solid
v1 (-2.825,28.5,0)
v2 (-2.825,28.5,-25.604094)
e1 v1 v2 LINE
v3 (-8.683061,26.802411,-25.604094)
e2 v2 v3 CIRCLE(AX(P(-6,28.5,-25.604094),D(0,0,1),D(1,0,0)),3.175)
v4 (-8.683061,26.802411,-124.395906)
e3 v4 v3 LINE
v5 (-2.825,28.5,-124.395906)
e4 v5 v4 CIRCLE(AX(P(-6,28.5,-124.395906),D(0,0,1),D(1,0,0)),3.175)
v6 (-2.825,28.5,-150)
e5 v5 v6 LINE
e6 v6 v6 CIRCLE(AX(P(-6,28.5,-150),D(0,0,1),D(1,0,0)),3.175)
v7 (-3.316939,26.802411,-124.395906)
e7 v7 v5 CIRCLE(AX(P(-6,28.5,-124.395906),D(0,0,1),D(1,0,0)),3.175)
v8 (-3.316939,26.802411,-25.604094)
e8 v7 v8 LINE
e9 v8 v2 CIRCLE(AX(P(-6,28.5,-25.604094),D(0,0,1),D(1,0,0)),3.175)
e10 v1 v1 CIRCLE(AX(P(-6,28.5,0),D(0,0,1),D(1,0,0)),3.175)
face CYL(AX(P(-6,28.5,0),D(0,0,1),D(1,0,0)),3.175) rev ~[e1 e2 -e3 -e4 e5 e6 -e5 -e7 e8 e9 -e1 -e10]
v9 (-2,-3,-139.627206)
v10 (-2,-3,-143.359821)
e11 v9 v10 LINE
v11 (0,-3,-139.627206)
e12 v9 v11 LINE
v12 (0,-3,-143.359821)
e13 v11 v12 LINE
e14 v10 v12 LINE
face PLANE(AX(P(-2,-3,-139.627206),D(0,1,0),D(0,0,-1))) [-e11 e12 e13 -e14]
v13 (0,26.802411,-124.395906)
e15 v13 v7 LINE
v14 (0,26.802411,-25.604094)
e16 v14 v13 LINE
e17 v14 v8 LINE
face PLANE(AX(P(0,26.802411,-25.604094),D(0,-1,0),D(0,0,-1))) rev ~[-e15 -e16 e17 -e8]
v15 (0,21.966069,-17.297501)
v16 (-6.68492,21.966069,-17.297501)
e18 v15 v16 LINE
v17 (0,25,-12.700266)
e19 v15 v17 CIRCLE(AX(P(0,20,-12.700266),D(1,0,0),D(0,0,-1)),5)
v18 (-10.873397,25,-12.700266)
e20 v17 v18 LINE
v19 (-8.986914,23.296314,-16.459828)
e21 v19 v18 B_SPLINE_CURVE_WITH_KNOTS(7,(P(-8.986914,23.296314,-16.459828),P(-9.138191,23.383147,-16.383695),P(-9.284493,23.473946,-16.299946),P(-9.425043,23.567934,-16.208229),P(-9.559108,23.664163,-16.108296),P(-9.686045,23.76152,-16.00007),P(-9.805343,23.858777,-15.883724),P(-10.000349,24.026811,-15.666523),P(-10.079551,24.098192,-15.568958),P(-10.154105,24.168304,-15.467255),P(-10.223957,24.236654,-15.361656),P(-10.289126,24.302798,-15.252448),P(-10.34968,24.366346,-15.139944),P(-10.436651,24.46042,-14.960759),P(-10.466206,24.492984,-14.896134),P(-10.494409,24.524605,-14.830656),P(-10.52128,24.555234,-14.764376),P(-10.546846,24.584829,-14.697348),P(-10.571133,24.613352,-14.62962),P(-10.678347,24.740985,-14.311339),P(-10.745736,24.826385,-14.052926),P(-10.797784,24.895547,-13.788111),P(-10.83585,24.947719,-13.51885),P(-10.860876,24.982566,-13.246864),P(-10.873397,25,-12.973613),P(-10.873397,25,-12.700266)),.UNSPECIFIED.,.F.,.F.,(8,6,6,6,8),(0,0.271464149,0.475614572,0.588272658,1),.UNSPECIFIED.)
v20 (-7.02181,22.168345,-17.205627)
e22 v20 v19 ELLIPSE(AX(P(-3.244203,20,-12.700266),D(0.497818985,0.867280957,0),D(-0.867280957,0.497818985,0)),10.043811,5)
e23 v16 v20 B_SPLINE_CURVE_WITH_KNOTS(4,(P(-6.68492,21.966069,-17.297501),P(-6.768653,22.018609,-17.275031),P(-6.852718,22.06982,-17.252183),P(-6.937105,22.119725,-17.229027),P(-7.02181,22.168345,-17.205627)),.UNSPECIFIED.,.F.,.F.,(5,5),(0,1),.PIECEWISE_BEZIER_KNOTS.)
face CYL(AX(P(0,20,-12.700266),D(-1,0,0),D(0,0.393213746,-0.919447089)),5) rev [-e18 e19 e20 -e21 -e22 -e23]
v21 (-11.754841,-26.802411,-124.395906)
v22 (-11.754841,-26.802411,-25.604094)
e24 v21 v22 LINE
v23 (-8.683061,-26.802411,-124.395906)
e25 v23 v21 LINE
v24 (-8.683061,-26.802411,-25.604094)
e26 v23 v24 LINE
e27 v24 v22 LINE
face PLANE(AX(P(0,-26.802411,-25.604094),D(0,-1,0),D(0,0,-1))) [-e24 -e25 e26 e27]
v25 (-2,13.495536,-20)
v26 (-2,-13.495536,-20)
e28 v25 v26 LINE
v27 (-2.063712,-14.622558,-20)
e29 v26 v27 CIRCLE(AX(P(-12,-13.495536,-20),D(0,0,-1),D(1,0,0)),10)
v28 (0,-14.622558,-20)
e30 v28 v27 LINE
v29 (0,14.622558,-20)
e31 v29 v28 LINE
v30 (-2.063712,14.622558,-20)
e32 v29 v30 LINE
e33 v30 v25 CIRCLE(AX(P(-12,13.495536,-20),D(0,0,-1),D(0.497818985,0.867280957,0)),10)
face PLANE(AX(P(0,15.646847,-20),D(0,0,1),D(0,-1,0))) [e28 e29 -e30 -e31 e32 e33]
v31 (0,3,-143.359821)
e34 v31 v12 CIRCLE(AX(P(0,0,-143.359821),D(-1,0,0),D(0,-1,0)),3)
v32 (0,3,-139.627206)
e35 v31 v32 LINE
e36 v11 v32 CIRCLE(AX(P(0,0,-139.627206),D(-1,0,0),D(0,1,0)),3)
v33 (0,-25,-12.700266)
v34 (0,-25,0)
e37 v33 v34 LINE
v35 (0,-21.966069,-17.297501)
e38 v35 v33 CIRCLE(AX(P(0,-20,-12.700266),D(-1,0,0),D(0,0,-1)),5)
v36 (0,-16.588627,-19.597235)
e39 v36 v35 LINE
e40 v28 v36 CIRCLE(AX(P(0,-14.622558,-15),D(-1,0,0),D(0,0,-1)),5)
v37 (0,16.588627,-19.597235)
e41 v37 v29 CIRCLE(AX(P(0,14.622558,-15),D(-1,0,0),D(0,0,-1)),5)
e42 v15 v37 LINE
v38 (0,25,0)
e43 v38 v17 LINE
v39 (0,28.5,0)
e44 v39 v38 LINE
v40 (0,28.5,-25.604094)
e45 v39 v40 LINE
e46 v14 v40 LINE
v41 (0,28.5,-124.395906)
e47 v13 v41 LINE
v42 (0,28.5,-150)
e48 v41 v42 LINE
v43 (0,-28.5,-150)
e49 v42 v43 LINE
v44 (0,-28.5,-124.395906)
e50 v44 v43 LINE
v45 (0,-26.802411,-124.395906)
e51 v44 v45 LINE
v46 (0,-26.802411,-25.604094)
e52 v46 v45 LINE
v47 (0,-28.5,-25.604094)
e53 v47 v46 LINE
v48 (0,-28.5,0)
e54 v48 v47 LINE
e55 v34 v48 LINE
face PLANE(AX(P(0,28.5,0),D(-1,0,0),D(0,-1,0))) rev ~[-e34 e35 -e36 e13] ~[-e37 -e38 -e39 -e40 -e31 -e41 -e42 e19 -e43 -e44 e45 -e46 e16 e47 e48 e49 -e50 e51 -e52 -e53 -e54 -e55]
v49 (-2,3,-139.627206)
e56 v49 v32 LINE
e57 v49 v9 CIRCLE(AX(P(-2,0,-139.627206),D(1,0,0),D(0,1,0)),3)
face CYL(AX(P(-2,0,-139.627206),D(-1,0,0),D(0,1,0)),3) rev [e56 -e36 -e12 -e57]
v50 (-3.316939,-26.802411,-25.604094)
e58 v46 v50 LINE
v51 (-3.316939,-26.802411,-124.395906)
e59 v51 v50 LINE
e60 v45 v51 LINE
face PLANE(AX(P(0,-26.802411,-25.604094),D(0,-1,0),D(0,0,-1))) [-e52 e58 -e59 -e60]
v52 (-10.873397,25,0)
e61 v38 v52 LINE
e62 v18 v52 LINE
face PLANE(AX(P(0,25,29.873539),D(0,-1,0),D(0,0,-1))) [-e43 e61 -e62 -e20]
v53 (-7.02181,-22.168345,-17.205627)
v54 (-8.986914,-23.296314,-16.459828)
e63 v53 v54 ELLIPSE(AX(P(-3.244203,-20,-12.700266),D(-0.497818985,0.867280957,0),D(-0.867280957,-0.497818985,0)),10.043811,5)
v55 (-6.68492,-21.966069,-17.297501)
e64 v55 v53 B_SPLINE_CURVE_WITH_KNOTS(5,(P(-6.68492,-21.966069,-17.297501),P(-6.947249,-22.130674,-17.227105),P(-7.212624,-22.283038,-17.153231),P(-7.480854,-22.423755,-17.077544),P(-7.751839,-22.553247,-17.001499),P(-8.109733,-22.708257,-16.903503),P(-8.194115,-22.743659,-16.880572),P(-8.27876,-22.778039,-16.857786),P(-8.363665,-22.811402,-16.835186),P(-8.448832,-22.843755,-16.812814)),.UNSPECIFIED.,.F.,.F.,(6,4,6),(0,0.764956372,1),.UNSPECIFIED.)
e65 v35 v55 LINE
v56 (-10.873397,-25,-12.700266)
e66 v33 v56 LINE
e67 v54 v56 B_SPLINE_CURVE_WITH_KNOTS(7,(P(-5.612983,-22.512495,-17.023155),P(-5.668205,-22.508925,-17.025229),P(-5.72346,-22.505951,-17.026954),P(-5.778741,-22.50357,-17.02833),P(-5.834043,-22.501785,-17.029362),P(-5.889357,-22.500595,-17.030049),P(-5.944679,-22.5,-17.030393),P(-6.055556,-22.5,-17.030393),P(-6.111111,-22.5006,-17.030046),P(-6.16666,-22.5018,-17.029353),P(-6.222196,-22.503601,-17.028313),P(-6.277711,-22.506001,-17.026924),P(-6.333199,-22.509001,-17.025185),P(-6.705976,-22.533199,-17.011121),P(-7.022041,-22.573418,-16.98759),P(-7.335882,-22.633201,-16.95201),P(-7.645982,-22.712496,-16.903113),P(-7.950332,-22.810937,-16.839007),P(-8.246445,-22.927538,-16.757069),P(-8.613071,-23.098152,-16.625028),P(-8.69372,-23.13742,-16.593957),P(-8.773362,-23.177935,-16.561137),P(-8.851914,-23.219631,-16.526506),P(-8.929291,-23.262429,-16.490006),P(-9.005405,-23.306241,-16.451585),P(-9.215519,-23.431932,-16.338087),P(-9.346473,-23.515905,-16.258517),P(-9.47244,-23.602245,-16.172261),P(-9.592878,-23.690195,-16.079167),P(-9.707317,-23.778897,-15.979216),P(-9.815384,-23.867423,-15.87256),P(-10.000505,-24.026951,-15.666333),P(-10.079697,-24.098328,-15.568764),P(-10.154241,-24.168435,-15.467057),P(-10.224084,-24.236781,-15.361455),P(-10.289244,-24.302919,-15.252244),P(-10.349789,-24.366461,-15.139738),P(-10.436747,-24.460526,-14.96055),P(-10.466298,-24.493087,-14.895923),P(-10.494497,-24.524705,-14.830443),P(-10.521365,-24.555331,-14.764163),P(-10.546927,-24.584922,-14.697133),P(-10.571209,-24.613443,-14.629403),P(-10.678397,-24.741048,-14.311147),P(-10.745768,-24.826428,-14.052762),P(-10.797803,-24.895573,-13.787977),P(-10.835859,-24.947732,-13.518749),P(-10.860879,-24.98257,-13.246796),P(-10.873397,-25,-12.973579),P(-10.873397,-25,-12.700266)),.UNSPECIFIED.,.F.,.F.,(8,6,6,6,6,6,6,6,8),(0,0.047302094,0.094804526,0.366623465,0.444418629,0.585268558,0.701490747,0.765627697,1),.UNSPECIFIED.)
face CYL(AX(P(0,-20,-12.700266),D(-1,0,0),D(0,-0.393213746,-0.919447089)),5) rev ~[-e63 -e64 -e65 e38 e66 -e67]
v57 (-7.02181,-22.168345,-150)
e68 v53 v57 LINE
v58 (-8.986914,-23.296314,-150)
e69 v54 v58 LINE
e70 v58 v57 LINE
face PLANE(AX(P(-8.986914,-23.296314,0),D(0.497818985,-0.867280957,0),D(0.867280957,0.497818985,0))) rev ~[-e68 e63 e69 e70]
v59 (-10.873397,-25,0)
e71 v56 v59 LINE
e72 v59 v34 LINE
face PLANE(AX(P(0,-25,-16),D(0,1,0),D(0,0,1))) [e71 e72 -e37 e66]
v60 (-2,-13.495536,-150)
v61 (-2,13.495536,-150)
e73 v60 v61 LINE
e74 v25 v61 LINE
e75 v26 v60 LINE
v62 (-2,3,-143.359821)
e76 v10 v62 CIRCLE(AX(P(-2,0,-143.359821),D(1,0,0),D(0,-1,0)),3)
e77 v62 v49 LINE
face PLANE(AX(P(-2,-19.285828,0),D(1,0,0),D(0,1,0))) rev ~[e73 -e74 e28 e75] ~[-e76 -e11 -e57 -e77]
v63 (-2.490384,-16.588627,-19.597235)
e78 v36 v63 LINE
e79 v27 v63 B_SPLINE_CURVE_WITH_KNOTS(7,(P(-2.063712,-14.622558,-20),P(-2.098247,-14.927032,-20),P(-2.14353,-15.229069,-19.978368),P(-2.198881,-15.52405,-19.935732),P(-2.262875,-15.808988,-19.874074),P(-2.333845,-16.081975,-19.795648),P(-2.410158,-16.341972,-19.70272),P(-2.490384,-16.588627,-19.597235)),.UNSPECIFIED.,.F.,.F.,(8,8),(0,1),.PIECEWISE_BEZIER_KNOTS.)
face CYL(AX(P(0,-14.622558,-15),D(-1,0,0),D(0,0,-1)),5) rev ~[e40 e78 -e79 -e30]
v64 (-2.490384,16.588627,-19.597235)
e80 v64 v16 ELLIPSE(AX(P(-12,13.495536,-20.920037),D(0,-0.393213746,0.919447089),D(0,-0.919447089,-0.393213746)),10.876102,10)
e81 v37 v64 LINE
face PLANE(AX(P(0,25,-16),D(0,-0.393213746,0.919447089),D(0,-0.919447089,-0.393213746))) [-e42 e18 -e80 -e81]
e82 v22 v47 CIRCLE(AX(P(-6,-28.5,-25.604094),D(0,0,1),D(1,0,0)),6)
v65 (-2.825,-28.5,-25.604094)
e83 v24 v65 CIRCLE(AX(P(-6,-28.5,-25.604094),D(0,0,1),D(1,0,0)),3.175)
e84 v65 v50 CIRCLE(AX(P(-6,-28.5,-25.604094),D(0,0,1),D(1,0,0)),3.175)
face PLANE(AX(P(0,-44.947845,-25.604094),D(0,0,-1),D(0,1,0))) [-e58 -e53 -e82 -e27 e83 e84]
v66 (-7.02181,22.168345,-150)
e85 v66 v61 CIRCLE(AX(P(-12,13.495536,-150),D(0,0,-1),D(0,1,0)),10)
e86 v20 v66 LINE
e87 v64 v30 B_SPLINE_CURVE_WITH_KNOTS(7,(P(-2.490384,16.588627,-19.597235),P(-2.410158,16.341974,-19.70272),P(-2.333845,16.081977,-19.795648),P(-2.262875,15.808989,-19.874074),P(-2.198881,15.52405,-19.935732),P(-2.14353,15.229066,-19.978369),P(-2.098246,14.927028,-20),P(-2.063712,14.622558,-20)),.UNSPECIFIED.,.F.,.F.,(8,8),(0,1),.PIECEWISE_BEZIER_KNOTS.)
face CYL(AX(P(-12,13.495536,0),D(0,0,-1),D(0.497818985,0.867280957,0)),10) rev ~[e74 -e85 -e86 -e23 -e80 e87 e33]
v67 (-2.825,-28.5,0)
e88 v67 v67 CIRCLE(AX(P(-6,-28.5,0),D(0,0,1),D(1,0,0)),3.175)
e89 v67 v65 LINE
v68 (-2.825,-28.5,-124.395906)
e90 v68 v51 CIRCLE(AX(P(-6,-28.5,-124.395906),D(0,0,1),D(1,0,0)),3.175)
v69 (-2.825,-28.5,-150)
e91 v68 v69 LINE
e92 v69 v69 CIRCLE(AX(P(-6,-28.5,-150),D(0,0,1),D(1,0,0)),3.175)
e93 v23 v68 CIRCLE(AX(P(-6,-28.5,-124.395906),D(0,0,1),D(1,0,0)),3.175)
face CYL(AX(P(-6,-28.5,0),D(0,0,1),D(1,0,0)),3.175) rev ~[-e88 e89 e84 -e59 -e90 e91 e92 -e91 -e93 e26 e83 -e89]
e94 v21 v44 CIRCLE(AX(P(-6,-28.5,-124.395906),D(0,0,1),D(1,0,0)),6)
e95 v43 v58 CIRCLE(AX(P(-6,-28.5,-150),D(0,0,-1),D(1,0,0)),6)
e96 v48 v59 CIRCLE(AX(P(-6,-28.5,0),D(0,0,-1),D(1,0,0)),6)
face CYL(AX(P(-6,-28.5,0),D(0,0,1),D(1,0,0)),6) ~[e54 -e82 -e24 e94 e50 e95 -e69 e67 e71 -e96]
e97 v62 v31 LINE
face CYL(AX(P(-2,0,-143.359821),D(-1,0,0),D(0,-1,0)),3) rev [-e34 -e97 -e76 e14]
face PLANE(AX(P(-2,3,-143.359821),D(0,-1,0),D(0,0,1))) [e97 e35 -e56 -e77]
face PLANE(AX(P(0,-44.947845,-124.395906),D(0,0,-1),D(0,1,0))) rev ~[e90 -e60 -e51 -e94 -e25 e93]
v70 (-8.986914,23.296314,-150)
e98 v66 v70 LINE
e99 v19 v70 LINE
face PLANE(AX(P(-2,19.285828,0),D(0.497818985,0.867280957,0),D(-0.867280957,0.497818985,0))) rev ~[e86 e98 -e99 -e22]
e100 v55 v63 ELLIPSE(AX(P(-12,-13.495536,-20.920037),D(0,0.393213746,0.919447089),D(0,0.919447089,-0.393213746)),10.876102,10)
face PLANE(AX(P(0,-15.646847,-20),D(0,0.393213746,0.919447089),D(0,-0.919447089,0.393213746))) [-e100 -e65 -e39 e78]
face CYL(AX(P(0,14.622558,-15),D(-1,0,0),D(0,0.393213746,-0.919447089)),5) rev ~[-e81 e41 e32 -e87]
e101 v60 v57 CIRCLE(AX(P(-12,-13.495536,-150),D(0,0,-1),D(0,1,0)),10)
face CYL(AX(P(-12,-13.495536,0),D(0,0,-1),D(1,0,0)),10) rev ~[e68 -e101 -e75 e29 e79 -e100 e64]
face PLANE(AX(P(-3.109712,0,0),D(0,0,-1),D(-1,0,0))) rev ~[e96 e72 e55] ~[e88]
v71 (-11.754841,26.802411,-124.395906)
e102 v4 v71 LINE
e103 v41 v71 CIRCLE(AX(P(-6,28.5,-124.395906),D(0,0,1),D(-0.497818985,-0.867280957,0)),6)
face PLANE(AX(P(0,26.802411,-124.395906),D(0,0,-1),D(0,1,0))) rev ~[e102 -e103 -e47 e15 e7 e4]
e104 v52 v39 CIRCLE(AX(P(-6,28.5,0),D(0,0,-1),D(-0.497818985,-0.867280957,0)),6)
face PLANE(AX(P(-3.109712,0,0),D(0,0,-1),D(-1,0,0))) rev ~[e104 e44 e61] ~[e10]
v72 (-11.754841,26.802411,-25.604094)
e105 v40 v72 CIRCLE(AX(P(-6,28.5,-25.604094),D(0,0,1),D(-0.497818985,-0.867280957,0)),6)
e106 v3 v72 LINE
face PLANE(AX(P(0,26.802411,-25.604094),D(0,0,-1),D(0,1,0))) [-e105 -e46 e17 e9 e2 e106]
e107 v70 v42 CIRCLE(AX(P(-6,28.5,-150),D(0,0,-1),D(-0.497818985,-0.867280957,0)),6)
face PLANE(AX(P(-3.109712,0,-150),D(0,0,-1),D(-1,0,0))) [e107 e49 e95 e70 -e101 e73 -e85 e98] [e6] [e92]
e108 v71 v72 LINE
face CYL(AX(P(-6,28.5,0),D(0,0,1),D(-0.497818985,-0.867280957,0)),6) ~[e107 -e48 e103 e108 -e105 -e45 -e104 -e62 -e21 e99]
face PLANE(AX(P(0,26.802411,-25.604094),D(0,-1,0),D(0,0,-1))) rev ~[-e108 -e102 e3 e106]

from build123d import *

# Parameters (mm, degrees)
CROQUIS1_R              = 3.175
SALIENTE_EXTRUIR1_DEPTH = 150
REDONDEO1_R             = 10
CORTAR_EXTRUIR1_DEPTH   = 13
REDONDEO2_R             = 5
CROQUIS3_W              = 98.791812306
CROQUIS3_H              = 18.145434914
CORTAR_EXTRUIR2_DEPTH   = 13.0000001
CORTAR_EXTRUIR3_DEPTH   = 3.0000001


with BuildPart() as part:
    # Croquis1 → Saliente-Extruir1 (new body)
    with BuildSketch(Plane.XY):
        with BuildLine():
            Line((-2, 19.285827964), (-8.98691391, 23.296314259))
            ThreePointArc((-8.98691391, 23.296314259), (-9.006535925, 33.69237342), (0, 28.5))
            Line((0, 28.5), (0, -28.5))
            ThreePointArc((0, -28.5), (-9.006535925, -33.69237342), (-8.98691391, -23.296314259))
            Line((-8.98691391, -23.296314259), (-2, -19.285827964))
            Line((-2, -19.285827964), (-2, 19.285827964))
        make_face()
        with Locations((-6, 28.5)):
            Circle(CROQUIS1_R, mode=Mode.SUBTRACT)
        with Locations((-6, -28.5)):
            Circle(CROQUIS1_R, mode=Mode.SUBTRACT)
    extrude(amount=-SALIENTE_EXTRUIR1_DEPTH)

    # Redondeo1
    redondeo1_edges = [part.edges().sort_by_distance(p)[0] for p in [
        (-2, -19.285827964, -75),
        (-2, 19.285827964, -75),
    ]]
    fillet(redondeo1_edges, radius=REDONDEO1_R)

    # Croquis2 → Cortar-Extruir1 (cut, through all)
    with BuildSketch(Plane(origin=(0, 0, 0), x_dir=(0, 0, -1), z_dir=(1, 0, 0))):
        Polygon((16, 25), (20, 15.646846929), (20, -15.646846929), (16, -25), (-29.873538988, -25), (-29.873538988, 25), align=None)
    extrude(amount=-CORTAR_EXTRUIR1_DEPTH, mode=Mode.SUBTRACT)

    # Redondeo2
    redondeo2_edges = [part.edges().sort_by_distance(p)[0] for p in [
        (-1.117074127, 15.646846929, -20),
        (-1.117074127, -15.646846929, -20),
        (-5.436698586, -25, -16),
        (-5.436698586, 25, -16),
    ]]
    fillet(redondeo2_edges, radius=REDONDEO2_R)

    # Croquis3 → Cortar-Extruir2 (cut, through all)
    with BuildSketch(Plane(origin=(0, 0, 0), x_dir=(0, 0, -1), z_dir=(1, 0, 0))):
        with Locations((75, 35.875128035)):
            Rectangle(CROQUIS3_W, CROQUIS3_H)
        with Locations((75, -35.875128035)):
            Rectangle(CROQUIS3_W, CROQUIS3_H)
    extrude(amount=-CORTAR_EXTRUIR2_DEPTH, mode=Mode.SUBTRACT)

    # Croquis4 → Cortar-Extruir3 (cut, through all)
    with BuildSketch(Plane.ZY.offset(2)):
        with BuildLine():
            Line((-143.359821197, 3), (-139.627206237, 3))
            ThreePointArc((-139.627206237, 3), (-136.627206237, 0), (-139.627206237, -3))
            Line((-139.627206237, -3), (-143.359821197, -3))
            ThreePointArc((-143.359821197, -3), (-146.359821197, 0), (-143.359821197, 3))
        make_face()
    extrude(amount=-CORTAR_EXTRUIR3_DEPTH, mode=Mode.SUBTRACT)


solid = part.part
